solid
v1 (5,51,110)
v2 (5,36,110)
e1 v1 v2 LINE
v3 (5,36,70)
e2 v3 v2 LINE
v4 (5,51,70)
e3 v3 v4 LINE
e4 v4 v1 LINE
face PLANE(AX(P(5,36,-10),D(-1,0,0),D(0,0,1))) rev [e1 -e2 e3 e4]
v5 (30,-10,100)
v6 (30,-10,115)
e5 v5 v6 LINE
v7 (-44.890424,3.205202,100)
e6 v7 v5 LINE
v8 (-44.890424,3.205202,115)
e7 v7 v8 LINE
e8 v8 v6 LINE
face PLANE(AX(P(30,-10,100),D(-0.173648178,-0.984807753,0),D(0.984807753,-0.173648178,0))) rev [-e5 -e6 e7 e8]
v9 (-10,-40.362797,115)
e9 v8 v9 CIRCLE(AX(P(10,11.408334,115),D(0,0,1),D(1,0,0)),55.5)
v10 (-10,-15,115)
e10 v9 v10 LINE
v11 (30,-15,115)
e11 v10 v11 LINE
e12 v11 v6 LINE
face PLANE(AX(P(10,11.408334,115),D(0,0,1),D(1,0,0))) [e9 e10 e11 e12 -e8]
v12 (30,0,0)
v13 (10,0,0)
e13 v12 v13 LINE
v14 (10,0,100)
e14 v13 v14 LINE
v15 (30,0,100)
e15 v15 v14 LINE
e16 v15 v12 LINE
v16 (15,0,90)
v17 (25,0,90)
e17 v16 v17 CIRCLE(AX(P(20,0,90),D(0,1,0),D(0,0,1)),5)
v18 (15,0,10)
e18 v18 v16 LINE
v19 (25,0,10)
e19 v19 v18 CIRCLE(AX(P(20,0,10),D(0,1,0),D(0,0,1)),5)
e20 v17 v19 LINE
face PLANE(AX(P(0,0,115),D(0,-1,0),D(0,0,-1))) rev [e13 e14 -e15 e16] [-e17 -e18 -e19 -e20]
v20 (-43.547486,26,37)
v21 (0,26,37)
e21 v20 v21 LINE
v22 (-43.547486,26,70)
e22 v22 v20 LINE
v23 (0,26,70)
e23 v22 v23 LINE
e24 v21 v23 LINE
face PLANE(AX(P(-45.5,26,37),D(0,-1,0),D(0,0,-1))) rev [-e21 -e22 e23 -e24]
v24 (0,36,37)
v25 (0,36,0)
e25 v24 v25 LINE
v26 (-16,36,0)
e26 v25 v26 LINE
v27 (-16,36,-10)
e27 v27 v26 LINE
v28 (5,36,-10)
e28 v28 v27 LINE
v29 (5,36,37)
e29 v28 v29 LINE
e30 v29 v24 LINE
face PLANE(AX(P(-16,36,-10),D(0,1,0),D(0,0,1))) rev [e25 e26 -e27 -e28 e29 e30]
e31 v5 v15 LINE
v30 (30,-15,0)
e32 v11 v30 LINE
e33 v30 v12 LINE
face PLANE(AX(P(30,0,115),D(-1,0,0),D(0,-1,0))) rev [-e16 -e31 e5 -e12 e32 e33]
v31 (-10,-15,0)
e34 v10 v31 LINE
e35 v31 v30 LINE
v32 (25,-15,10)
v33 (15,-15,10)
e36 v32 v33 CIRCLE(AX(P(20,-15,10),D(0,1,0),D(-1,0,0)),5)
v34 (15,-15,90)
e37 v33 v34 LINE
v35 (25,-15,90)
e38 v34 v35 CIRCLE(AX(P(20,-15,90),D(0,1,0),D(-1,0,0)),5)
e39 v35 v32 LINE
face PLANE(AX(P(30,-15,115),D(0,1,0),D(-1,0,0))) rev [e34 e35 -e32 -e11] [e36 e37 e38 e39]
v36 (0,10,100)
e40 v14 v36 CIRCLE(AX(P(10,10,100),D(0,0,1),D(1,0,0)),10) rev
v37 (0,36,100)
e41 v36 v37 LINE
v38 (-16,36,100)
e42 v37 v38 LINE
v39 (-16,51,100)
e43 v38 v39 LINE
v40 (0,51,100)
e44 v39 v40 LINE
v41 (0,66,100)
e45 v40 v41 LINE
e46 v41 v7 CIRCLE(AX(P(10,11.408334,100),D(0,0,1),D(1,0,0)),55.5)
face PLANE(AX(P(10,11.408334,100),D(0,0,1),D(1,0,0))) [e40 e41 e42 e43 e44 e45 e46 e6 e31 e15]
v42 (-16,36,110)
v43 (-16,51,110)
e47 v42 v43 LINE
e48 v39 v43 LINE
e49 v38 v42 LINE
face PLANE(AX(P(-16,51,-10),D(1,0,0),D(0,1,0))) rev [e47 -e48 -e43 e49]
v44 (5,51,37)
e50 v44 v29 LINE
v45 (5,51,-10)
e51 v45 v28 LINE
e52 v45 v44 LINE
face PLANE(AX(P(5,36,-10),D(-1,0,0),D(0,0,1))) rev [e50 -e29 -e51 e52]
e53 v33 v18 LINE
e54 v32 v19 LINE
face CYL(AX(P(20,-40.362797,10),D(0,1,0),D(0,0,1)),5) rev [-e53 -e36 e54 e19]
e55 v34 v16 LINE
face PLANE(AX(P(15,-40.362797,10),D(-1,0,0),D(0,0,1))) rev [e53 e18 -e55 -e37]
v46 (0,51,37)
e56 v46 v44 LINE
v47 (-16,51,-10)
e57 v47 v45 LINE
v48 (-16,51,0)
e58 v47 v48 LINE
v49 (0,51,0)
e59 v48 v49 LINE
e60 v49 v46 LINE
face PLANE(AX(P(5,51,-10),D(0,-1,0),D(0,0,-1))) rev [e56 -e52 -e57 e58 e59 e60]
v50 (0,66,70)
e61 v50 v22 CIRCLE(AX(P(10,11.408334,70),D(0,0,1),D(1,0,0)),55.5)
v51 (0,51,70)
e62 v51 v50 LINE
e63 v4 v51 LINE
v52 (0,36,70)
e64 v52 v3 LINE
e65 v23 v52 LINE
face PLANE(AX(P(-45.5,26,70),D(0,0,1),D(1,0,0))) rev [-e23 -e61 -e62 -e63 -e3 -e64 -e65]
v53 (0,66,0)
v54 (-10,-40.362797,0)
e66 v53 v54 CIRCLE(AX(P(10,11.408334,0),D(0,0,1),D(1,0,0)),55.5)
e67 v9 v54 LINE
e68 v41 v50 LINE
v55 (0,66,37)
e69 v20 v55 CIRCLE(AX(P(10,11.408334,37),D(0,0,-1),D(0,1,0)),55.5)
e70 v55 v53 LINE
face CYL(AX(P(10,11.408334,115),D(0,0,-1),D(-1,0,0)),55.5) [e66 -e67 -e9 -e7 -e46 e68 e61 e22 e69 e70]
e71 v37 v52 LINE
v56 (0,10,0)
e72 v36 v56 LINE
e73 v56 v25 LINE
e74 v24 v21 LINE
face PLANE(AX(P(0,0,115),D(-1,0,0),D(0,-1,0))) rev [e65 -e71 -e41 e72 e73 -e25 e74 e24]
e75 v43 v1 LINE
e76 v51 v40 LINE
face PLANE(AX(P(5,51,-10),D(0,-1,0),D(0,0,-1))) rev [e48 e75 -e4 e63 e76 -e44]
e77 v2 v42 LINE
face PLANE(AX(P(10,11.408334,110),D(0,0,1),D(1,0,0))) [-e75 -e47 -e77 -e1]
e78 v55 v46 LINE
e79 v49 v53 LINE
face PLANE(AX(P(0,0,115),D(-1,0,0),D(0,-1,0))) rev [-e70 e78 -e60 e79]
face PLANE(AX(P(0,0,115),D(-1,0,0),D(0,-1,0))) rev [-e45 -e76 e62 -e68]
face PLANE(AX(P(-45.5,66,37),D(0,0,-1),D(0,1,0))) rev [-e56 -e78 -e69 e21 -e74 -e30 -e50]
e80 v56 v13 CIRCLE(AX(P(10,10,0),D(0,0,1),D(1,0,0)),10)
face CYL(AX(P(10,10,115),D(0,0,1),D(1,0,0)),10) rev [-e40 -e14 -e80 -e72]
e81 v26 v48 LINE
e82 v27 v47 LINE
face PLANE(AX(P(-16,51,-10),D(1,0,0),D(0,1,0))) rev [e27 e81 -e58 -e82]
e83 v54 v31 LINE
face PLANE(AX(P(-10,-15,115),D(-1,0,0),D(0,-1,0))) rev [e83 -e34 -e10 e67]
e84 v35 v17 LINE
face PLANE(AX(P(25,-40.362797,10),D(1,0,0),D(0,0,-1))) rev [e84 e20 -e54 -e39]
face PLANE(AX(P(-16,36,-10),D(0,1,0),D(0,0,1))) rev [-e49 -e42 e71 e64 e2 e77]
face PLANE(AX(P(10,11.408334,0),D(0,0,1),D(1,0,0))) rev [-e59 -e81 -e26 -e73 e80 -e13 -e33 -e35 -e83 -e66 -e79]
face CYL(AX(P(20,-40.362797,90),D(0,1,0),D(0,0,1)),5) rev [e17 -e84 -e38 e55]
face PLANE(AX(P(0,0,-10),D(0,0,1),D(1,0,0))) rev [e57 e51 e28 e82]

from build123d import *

# Parameters (mm, degrees)
BOSS_EXTRUDE1_DEPTH      = 115
CUT_EXTRUDE1_DEPTH       = 15
SKETCH3_W                = 21
SKETCH3_H                = 15
BOSS_EXTRUDE2_DEPTH      = 10
BOSS_EXTRUDE2_DEPTH_BACK = 110
SKETCH4_W                = 33
SKETCH4_H                = 40
CUT_EXTRUDE2_DEPTH       = 31
CUT_EXTRUDE2_DEPTH_BACK  = 46.5
CUT_EXTRUDE3_DEPTH       = 67
CUT_EXTRUDE3_DEPTH_BACK  = 41.362796982
FILLET1_R                = 10


with BuildPart() as part:
    # Sketch1 → Boss-Extrude1 (new body)
    with BuildSketch(Plane.XY):
        with BuildLine():
            Line((0, 0), (0, 66))
            ThreePointArc((0, 66), (-45.256322222, 16.603413808), (-10, -40.362796982))
            Line((-10, -40.362796982), (-10, -15))
            Line((-10, -15), (30, -15))
            Line((30, -15), (30, 0))
            Line((30, 0), (0, 0))
        make_face()
    extrude(amount=BOSS_EXTRUDE1_DEPTH)

    # Sketch2 → Cut-Extrude1 (cut)
    with BuildSketch(Plane.XY.offset(115)):
        with BuildLine():
            Line((30, -10), (-44.890423857, 3.205202323))
            ThreePointArc((-44.890423857, 3.205202323), (-35.149622711, 43.684665376), (0, 66))
            Line((0, 66), (0, 0))
            Line((0, 0), (30, 0))
            Line((30, 0), (30, -10))
        make_face()
    extrude(amount=-CUT_EXTRUDE1_DEPTH, mode=Mode.SUBTRACT)

    # Sketch3 → Boss-Extrude2 (add, two sides)
    with BuildSketch(Plane(origin=(0, 0, 0), x_dir=(-1, 0, 0), z_dir=(0, 0, -1))) as boss_extrude2_sk:
        with Locations((5.5, 43.5)):
            Rectangle(SKETCH3_W, SKETCH3_H)
    extrude(amount=BOSS_EXTRUDE2_DEPTH)
    extrude(boss_extrude2_sk.sketch, amount=-BOSS_EXTRUDE2_DEPTH_BACK)

    # Sketch4 → Cut-Extrude2 (cut, two sides)
    with BuildSketch(Plane(origin=(0, 0, 0), x_dir=(0, 0, -1), z_dir=(1, 0, 0))) as cut_extrude2_sk:
        with Locations((-53.5, 46)):
            Rectangle(SKETCH4_W, SKETCH4_H)
    extrude(amount=CUT_EXTRUDE2_DEPTH, mode=Mode.SUBTRACT)
    extrude(cut_extrude2_sk.sketch, amount=-CUT_EXTRUDE2_DEPTH_BACK, mode=Mode.SUBTRACT)

    # Sketch5 → Cut-Extrude3 (cut, two sides)
    with BuildSketch(Plane(origin=(0, 0, 0), x_dir=(1, 0, 0), z_dir=(0, 1, 0))) as cut_extrude3_sk:
        with BuildLine():
            Line((25, -10), (25, -90))
            ThreePointArc((25, -90), (20, -95), (15, -90))
            Line((15, -90), (15, -10))
            ThreePointArc((15, -10), (20, -5), (25, -10))
        make_face()
    extrude(amount=CUT_EXTRUDE3_DEPTH, mode=Mode.SUBTRACT)
    extrude(cut_extrude3_sk.sketch, amount=-CUT_EXTRUDE3_DEPTH_BACK, mode=Mode.SUBTRACT)

    # Fillet1
    fillet1_edges = [part.edges().sort_by_distance(p)[0] for p in [
        (0, 0, 50),
    ]]
    fillet(fillet1_edges, radius=FILLET1_R)


solid = part.part
